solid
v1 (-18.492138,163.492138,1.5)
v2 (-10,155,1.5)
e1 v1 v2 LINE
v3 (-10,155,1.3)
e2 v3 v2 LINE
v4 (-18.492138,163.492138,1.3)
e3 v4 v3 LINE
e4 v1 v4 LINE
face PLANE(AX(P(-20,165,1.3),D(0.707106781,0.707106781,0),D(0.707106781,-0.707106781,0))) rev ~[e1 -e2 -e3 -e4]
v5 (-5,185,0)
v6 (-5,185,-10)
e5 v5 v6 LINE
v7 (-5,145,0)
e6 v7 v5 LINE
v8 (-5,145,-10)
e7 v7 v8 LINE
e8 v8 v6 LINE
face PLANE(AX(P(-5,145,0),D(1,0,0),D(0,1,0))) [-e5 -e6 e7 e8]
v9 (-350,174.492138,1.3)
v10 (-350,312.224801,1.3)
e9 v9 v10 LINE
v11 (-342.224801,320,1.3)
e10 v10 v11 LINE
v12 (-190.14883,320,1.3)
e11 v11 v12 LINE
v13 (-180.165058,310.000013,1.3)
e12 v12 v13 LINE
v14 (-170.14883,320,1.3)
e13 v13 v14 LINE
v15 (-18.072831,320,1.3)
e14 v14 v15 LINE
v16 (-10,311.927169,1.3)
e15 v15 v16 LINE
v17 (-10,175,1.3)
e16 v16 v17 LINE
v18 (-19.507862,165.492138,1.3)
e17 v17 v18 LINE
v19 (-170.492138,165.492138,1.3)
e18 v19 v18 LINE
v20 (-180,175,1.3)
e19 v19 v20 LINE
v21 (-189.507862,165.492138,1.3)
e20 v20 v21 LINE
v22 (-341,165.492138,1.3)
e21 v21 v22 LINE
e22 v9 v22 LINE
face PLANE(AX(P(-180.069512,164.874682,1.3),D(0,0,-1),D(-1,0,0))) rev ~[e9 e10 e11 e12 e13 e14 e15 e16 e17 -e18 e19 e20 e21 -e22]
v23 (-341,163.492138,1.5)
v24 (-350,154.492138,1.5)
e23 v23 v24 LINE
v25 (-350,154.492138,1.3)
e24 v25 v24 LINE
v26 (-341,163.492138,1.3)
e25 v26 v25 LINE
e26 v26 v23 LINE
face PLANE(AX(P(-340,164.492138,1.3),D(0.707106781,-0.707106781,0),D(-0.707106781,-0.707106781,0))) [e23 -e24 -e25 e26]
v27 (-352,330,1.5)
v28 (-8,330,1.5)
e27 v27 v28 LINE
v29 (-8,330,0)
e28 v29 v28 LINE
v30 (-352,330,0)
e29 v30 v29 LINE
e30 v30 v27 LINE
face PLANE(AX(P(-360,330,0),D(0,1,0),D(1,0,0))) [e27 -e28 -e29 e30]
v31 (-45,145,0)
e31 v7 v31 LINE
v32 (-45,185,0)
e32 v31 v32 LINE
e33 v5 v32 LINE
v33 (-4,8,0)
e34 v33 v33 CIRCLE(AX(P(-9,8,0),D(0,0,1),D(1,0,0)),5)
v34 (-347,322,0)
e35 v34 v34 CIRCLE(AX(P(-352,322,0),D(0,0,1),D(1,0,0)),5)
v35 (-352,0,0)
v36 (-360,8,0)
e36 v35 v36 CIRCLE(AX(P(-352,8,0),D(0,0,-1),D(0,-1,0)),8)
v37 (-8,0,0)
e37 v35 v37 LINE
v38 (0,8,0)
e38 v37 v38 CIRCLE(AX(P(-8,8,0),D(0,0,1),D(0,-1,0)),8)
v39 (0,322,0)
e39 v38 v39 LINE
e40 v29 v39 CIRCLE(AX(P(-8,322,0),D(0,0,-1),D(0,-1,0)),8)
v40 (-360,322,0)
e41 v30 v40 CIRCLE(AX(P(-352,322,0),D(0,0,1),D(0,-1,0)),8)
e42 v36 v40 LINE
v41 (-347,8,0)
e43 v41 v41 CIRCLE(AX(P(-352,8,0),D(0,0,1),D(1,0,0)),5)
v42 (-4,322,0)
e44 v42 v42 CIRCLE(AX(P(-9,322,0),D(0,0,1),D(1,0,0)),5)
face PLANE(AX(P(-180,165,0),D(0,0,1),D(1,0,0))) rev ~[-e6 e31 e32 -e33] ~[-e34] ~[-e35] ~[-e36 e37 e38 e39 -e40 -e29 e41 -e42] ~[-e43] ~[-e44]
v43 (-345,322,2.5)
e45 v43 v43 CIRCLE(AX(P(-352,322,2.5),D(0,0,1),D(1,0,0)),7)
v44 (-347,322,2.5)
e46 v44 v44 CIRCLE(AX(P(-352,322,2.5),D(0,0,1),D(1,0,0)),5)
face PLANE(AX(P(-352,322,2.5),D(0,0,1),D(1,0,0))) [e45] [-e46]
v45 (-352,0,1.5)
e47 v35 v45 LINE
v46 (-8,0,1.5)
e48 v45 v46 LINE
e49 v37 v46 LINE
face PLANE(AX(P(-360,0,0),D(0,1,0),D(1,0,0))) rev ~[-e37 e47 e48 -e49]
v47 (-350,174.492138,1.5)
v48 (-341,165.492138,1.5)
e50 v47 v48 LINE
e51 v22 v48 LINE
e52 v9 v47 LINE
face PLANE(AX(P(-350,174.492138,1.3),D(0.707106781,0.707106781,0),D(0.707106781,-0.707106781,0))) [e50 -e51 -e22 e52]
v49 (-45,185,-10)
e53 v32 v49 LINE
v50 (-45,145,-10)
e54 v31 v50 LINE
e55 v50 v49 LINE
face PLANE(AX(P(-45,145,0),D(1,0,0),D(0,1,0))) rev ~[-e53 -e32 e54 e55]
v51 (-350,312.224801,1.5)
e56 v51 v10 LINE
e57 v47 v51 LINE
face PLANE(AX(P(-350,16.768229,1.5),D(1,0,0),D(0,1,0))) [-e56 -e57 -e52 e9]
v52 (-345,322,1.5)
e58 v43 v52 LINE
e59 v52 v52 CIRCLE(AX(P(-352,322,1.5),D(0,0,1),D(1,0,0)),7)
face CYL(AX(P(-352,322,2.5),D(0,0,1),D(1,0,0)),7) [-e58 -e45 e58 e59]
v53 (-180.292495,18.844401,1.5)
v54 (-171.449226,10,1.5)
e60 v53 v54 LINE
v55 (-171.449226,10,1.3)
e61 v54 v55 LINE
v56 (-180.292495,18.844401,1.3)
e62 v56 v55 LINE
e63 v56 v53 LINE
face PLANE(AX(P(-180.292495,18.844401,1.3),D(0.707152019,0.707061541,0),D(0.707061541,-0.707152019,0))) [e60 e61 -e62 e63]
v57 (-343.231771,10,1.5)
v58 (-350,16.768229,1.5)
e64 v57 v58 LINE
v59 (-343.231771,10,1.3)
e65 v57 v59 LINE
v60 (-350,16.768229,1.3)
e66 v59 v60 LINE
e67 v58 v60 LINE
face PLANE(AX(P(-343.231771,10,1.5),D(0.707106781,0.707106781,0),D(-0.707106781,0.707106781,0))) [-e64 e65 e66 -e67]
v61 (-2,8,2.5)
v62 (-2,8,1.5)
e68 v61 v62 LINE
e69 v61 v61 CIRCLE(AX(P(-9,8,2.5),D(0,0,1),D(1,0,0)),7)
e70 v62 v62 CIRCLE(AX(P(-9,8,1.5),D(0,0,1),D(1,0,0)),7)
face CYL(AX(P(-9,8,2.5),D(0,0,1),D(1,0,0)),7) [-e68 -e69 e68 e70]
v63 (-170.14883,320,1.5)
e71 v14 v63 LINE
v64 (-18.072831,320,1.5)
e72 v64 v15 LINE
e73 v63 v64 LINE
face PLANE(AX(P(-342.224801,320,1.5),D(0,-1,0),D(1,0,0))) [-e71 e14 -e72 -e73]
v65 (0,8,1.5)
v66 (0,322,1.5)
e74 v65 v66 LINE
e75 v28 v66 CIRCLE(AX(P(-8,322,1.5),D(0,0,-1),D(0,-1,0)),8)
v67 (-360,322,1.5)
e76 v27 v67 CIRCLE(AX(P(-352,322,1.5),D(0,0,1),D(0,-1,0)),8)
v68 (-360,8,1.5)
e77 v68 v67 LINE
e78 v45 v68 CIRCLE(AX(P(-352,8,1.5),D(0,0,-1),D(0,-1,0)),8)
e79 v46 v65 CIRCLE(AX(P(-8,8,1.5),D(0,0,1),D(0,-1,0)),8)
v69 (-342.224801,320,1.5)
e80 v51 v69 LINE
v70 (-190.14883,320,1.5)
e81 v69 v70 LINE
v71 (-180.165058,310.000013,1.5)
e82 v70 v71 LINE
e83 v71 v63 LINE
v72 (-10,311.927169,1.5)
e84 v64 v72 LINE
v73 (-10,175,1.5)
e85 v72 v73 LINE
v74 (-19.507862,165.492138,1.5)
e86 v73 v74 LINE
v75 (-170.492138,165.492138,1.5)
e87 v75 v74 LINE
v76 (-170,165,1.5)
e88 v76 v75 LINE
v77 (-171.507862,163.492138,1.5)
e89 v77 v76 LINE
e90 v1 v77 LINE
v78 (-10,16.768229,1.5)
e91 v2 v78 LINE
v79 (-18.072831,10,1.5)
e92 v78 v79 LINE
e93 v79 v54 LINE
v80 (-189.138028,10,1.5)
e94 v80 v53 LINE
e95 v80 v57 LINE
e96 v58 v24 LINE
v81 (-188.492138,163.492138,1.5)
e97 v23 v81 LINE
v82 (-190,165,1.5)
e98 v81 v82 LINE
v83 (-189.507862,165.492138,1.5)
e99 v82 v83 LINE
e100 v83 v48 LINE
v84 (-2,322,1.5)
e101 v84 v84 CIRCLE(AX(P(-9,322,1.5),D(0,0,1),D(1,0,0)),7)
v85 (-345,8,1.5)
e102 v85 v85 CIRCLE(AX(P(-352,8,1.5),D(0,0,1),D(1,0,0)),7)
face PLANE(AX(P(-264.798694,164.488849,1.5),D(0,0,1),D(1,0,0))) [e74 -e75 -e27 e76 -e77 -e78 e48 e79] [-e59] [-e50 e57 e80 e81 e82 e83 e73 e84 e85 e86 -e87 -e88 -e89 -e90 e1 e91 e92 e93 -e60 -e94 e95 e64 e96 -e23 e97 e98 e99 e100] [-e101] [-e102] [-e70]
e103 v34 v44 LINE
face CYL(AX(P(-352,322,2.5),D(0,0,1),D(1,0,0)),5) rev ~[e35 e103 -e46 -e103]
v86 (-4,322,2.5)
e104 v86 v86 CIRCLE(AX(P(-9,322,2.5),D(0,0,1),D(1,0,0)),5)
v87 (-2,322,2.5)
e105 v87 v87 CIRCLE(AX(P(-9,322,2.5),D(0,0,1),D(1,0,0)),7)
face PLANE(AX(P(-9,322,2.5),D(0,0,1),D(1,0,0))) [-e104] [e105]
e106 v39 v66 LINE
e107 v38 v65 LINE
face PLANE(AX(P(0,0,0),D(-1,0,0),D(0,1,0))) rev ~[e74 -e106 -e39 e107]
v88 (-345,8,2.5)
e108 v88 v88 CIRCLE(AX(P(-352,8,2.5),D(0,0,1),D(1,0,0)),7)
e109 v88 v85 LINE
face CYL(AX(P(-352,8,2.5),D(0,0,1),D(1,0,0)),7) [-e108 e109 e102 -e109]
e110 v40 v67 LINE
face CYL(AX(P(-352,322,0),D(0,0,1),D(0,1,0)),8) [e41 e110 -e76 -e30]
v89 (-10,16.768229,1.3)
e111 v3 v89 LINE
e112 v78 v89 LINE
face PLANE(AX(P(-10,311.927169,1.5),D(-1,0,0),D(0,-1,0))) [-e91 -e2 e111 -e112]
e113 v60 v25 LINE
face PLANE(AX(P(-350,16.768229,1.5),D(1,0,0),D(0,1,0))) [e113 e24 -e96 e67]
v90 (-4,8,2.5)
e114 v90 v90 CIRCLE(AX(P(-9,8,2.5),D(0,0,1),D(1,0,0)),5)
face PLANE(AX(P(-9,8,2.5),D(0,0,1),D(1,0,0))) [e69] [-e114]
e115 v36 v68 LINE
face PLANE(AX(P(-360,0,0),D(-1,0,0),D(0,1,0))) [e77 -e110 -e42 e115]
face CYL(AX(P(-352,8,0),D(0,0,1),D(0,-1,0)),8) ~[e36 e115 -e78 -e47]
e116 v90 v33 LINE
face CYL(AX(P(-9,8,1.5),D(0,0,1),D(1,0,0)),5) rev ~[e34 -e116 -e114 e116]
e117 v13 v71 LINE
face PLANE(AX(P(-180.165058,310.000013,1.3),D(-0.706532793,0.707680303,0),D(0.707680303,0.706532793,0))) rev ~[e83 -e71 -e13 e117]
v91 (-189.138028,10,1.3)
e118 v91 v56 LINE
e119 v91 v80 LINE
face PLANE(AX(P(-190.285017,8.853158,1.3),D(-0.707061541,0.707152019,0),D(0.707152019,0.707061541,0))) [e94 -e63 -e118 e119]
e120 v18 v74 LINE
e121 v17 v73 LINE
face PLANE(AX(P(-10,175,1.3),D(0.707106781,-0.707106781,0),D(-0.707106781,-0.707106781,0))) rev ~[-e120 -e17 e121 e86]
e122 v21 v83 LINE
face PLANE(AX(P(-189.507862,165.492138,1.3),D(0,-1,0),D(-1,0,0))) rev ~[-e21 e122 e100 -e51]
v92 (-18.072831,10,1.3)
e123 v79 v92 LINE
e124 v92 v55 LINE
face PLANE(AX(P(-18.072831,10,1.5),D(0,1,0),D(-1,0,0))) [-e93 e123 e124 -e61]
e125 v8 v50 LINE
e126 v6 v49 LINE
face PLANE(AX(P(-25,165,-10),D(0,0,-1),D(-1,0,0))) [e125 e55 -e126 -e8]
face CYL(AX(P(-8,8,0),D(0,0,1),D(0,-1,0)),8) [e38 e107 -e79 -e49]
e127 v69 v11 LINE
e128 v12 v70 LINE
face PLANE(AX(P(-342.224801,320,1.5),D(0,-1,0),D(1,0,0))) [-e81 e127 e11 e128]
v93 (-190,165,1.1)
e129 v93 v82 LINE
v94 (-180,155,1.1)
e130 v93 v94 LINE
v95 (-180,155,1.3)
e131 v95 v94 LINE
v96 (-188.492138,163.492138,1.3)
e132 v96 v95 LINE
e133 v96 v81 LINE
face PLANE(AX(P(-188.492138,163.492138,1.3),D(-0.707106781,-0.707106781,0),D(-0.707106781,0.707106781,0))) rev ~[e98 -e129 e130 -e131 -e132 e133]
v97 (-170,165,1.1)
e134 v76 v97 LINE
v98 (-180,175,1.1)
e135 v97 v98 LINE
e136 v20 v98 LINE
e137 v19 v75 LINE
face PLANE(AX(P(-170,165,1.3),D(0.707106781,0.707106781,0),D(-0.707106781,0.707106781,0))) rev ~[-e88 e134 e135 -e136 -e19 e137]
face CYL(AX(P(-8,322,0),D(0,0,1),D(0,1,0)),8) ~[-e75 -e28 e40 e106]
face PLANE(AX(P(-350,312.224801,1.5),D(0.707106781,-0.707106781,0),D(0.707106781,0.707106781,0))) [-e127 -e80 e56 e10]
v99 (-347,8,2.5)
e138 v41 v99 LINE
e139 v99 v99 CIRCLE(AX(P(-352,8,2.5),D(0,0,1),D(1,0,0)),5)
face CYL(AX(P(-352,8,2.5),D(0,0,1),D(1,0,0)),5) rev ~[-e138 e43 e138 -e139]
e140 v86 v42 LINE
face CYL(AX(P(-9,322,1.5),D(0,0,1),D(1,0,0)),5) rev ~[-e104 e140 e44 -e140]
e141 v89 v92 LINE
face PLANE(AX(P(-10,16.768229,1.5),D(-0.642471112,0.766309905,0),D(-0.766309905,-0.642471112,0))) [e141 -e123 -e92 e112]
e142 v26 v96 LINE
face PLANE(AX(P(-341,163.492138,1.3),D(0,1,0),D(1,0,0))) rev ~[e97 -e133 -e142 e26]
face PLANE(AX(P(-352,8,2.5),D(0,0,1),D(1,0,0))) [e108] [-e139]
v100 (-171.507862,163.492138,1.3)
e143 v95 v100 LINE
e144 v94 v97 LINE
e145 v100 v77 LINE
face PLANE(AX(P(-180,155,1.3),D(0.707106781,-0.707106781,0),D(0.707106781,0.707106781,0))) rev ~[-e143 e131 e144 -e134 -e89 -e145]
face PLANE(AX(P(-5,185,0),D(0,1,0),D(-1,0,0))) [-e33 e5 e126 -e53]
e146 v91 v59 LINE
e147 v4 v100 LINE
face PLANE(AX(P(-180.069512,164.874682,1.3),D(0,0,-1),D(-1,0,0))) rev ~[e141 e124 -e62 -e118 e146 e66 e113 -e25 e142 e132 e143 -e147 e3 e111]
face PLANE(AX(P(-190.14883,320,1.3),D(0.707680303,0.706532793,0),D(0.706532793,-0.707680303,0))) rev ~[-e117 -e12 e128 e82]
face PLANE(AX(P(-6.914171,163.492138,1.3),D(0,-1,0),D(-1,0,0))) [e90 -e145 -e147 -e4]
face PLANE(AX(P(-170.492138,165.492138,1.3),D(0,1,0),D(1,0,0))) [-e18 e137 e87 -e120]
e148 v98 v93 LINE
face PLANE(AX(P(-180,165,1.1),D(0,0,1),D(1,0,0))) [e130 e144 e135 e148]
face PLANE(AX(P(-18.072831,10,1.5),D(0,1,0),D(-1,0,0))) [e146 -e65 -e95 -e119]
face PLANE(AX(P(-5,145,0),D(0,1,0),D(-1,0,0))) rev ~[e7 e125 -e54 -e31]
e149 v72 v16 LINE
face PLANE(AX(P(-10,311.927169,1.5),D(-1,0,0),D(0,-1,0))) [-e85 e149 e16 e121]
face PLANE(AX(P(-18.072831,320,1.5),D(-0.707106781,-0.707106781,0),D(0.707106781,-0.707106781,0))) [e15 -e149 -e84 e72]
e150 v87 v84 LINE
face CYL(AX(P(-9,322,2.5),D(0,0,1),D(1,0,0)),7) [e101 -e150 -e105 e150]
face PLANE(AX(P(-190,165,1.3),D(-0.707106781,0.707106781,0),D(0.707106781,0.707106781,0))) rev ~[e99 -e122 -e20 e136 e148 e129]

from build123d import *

# Parameters (mm, degrees)
ESQUISSE1_W                     = 360
ESQUISSE1_H                     = 330
BOSS_EXTRU_1_DEPTH              = 1.5
ESQUISSE2_R                     = 5
ENL_V_MAT_EXTRU_1_DEPTH         = 1.5
BOSS_EXTRU_2_START              = 1
ESQUISSE3_R                     = 7
ESQUISSE3_R_2                   = 5
BOSS_EXTRU_2_DEPTH              = 1
CONG_2_R                        = 8
CONG_4_R                        = 8
R_P_TITION_LIN_AIRE2_COUNT      = 2
R_P_TITION_LIN_AIRE2_PITCH      = 343
R_P_TITION_LIN_AIRE2_COUNT_DIR2 = 2
R_P_TITION_LIN_AIRE2_PITCH_DIR2 = 314
ENL_V_MAT_EXTRU_2_DEPTH         = 0.2
ENL_V_MAT_EXTRU_3_DEPTH         = 0.2
BOSS_EXTRU_3_DEPTH              = 0.2
BOSS_EXTRU_4_DEPTH              = 0.2
BOSS_EXTRU_5_DEPTH              = 0.2
ESQUISSE9_W                     = 40
ESQUISSE9_H                     = 40
BOSS_EXTRU_6_DEPTH              = 10


with BuildPart() as part:
    # Esquisse1 → Boss.-Extru.1 (new body)
    with BuildSketch(Plane.XY):
        with Locations((-180, 165)):
            Rectangle(ESQUISSE1_W, ESQUISSE1_H)
    extrude(amount=BOSS_EXTRU_1_DEPTH)

    # Esquisse2 → Enlèv. mat.-Extru.1 (cut)
    with BuildSketch(Plane.XY.offset(1.5)):
        with Locations((-352, 322)):
            Circle(ESQUISSE2_R)
    enl_v_mat_extru_1 = extrude(amount=-ENL_V_MAT_EXTRU_1_DEPTH, mode=Mode.SUBTRACT)

    # Esquisse3 → Boss.-Extru.2 (add)
    with BuildSketch(Plane.XY.offset(1.5).offset(BOSS_EXTRU_2_START)):
        with Locations((-352, 322)):
            Circle(ESQUISSE3_R)
        with Locations((-352, 322)):
            Circle(ESQUISSE3_R_2, mode=Mode.SUBTRACT)
    boss_extru_2 = extrude(amount=-BOSS_EXTRU_2_DEPTH)

    # Congé2
    cong_2_edges = [part.edges().sort_by_distance(p)[0] for p in [
        (-360, 0, 0.75),
        (-360, 330, 0.75),
    ]]
    fillet(cong_2_edges, radius=CONG_2_R)

    # Congé4
    cong_4_edges = [part.edges().sort_by_distance(p)[0] for p in [
        (0, 0, 0.75),
        (0, 330, 0.75),
    ]]
    fillet(cong_4_edges, radius=CONG_4_R)

    # Répétition linéaire2: Enlèv. mat.-Extru.1, Boss.-Extru.2 2 × 2
    with Locations(*[(i * R_P_TITION_LIN_AIRE2_PITCH, -j * R_P_TITION_LIN_AIRE2_PITCH_DIR2, 0) for i in range(R_P_TITION_LIN_AIRE2_COUNT) for j in range(R_P_TITION_LIN_AIRE2_COUNT_DIR2) if (i, j) != (0, 0)]):
        add(enl_v_mat_extru_1, mode=Mode.SUBTRACT)
        add(boss_extru_2)

    # Esquisse4 → Enlèv. mat.-Extru.2 (cut)
    with BuildSketch(Plane.XY.offset(1.5)):
        Polygon((-342.224801163, 320), (-18.072831487, 320), (-10, 311.927168513), (-10, 16.768229134), (-18.072831487, 10), (-343.231770866, 10), (-350, 16.768229134), (-350, 312.224801163), align=None)
    extrude(amount=-ENL_V_MAT_EXTRU_2_DEPTH, mode=Mode.SUBTRACT)

    # Esquisse5 → Enlèv. mat.-Extru.3 (cut)
    with BuildSketch(Plane.XY.offset(1.3)):
        Polygon((-180, 155), (-170, 165), (-180, 175), (-190, 165), align=None)
    extrude(amount=-ENL_V_MAT_EXTRU_3_DEPTH, mode=Mode.SUBTRACT)

    # Esquisse6 → Boss.-Extru.3 (add)
    with BuildSketch(Plane.XY.offset(1.3)):
        Polygon((-190.148829514, 320), (-180.16505775, 310.000013168), (-170.148829514, 320), align=None)
        Polygon((-350, 174.492138197), (-340, 164.492138197), (-350, 154.492138197), align=None)
        Polygon((-190.285016954, 8.853157765), (-180.292495127, 18.844401072), (-170.285024617, 8.835649966), align=None)
    extrude(amount=BOSS_EXTRU_3_DEPTH)

    # Esquisse7 → Boss.-Extru.4 (add)
    with BuildSketch(Plane.XY.offset(1.3)):
        Polygon((-10, 175), (-20, 165), (-10, 155), align=None)
    extrude(amount=BOSS_EXTRU_4_DEPTH)

    # Esquisse8 → Boss.-Extru.5 (add)
    with BuildSketch(Plane.XY.offset(1.3)):
        Polygon((-341, 163.492138197), (-188.492138197, 163.492138197), (-190, 165), (-189.507861803, 165.492138197), (-341, 165.492138197), align=None)
        Polygon((-6.914170883, 165.492138197), (-6.914170883, 163.492138197), (-171.507861803, 163.492138197), (-170, 165), (-170.492138197, 165.492138197), align=None)
    extrude(amount=BOSS_EXTRU_5_DEPTH)

    # Esquisse9 → Boss.-Extru.6 (add)
    with BuildSketch(Plane(origin=(0, 0, 0), x_dir=(-1, 0, 0), z_dir=(0, 0, -1))):
        with Locations((25, 165)):
            Rectangle(ESQUISSE9_W, ESQUISSE9_H)
    extrude(amount=BOSS_EXTRU_6_DEPTH)


solid = part.part
